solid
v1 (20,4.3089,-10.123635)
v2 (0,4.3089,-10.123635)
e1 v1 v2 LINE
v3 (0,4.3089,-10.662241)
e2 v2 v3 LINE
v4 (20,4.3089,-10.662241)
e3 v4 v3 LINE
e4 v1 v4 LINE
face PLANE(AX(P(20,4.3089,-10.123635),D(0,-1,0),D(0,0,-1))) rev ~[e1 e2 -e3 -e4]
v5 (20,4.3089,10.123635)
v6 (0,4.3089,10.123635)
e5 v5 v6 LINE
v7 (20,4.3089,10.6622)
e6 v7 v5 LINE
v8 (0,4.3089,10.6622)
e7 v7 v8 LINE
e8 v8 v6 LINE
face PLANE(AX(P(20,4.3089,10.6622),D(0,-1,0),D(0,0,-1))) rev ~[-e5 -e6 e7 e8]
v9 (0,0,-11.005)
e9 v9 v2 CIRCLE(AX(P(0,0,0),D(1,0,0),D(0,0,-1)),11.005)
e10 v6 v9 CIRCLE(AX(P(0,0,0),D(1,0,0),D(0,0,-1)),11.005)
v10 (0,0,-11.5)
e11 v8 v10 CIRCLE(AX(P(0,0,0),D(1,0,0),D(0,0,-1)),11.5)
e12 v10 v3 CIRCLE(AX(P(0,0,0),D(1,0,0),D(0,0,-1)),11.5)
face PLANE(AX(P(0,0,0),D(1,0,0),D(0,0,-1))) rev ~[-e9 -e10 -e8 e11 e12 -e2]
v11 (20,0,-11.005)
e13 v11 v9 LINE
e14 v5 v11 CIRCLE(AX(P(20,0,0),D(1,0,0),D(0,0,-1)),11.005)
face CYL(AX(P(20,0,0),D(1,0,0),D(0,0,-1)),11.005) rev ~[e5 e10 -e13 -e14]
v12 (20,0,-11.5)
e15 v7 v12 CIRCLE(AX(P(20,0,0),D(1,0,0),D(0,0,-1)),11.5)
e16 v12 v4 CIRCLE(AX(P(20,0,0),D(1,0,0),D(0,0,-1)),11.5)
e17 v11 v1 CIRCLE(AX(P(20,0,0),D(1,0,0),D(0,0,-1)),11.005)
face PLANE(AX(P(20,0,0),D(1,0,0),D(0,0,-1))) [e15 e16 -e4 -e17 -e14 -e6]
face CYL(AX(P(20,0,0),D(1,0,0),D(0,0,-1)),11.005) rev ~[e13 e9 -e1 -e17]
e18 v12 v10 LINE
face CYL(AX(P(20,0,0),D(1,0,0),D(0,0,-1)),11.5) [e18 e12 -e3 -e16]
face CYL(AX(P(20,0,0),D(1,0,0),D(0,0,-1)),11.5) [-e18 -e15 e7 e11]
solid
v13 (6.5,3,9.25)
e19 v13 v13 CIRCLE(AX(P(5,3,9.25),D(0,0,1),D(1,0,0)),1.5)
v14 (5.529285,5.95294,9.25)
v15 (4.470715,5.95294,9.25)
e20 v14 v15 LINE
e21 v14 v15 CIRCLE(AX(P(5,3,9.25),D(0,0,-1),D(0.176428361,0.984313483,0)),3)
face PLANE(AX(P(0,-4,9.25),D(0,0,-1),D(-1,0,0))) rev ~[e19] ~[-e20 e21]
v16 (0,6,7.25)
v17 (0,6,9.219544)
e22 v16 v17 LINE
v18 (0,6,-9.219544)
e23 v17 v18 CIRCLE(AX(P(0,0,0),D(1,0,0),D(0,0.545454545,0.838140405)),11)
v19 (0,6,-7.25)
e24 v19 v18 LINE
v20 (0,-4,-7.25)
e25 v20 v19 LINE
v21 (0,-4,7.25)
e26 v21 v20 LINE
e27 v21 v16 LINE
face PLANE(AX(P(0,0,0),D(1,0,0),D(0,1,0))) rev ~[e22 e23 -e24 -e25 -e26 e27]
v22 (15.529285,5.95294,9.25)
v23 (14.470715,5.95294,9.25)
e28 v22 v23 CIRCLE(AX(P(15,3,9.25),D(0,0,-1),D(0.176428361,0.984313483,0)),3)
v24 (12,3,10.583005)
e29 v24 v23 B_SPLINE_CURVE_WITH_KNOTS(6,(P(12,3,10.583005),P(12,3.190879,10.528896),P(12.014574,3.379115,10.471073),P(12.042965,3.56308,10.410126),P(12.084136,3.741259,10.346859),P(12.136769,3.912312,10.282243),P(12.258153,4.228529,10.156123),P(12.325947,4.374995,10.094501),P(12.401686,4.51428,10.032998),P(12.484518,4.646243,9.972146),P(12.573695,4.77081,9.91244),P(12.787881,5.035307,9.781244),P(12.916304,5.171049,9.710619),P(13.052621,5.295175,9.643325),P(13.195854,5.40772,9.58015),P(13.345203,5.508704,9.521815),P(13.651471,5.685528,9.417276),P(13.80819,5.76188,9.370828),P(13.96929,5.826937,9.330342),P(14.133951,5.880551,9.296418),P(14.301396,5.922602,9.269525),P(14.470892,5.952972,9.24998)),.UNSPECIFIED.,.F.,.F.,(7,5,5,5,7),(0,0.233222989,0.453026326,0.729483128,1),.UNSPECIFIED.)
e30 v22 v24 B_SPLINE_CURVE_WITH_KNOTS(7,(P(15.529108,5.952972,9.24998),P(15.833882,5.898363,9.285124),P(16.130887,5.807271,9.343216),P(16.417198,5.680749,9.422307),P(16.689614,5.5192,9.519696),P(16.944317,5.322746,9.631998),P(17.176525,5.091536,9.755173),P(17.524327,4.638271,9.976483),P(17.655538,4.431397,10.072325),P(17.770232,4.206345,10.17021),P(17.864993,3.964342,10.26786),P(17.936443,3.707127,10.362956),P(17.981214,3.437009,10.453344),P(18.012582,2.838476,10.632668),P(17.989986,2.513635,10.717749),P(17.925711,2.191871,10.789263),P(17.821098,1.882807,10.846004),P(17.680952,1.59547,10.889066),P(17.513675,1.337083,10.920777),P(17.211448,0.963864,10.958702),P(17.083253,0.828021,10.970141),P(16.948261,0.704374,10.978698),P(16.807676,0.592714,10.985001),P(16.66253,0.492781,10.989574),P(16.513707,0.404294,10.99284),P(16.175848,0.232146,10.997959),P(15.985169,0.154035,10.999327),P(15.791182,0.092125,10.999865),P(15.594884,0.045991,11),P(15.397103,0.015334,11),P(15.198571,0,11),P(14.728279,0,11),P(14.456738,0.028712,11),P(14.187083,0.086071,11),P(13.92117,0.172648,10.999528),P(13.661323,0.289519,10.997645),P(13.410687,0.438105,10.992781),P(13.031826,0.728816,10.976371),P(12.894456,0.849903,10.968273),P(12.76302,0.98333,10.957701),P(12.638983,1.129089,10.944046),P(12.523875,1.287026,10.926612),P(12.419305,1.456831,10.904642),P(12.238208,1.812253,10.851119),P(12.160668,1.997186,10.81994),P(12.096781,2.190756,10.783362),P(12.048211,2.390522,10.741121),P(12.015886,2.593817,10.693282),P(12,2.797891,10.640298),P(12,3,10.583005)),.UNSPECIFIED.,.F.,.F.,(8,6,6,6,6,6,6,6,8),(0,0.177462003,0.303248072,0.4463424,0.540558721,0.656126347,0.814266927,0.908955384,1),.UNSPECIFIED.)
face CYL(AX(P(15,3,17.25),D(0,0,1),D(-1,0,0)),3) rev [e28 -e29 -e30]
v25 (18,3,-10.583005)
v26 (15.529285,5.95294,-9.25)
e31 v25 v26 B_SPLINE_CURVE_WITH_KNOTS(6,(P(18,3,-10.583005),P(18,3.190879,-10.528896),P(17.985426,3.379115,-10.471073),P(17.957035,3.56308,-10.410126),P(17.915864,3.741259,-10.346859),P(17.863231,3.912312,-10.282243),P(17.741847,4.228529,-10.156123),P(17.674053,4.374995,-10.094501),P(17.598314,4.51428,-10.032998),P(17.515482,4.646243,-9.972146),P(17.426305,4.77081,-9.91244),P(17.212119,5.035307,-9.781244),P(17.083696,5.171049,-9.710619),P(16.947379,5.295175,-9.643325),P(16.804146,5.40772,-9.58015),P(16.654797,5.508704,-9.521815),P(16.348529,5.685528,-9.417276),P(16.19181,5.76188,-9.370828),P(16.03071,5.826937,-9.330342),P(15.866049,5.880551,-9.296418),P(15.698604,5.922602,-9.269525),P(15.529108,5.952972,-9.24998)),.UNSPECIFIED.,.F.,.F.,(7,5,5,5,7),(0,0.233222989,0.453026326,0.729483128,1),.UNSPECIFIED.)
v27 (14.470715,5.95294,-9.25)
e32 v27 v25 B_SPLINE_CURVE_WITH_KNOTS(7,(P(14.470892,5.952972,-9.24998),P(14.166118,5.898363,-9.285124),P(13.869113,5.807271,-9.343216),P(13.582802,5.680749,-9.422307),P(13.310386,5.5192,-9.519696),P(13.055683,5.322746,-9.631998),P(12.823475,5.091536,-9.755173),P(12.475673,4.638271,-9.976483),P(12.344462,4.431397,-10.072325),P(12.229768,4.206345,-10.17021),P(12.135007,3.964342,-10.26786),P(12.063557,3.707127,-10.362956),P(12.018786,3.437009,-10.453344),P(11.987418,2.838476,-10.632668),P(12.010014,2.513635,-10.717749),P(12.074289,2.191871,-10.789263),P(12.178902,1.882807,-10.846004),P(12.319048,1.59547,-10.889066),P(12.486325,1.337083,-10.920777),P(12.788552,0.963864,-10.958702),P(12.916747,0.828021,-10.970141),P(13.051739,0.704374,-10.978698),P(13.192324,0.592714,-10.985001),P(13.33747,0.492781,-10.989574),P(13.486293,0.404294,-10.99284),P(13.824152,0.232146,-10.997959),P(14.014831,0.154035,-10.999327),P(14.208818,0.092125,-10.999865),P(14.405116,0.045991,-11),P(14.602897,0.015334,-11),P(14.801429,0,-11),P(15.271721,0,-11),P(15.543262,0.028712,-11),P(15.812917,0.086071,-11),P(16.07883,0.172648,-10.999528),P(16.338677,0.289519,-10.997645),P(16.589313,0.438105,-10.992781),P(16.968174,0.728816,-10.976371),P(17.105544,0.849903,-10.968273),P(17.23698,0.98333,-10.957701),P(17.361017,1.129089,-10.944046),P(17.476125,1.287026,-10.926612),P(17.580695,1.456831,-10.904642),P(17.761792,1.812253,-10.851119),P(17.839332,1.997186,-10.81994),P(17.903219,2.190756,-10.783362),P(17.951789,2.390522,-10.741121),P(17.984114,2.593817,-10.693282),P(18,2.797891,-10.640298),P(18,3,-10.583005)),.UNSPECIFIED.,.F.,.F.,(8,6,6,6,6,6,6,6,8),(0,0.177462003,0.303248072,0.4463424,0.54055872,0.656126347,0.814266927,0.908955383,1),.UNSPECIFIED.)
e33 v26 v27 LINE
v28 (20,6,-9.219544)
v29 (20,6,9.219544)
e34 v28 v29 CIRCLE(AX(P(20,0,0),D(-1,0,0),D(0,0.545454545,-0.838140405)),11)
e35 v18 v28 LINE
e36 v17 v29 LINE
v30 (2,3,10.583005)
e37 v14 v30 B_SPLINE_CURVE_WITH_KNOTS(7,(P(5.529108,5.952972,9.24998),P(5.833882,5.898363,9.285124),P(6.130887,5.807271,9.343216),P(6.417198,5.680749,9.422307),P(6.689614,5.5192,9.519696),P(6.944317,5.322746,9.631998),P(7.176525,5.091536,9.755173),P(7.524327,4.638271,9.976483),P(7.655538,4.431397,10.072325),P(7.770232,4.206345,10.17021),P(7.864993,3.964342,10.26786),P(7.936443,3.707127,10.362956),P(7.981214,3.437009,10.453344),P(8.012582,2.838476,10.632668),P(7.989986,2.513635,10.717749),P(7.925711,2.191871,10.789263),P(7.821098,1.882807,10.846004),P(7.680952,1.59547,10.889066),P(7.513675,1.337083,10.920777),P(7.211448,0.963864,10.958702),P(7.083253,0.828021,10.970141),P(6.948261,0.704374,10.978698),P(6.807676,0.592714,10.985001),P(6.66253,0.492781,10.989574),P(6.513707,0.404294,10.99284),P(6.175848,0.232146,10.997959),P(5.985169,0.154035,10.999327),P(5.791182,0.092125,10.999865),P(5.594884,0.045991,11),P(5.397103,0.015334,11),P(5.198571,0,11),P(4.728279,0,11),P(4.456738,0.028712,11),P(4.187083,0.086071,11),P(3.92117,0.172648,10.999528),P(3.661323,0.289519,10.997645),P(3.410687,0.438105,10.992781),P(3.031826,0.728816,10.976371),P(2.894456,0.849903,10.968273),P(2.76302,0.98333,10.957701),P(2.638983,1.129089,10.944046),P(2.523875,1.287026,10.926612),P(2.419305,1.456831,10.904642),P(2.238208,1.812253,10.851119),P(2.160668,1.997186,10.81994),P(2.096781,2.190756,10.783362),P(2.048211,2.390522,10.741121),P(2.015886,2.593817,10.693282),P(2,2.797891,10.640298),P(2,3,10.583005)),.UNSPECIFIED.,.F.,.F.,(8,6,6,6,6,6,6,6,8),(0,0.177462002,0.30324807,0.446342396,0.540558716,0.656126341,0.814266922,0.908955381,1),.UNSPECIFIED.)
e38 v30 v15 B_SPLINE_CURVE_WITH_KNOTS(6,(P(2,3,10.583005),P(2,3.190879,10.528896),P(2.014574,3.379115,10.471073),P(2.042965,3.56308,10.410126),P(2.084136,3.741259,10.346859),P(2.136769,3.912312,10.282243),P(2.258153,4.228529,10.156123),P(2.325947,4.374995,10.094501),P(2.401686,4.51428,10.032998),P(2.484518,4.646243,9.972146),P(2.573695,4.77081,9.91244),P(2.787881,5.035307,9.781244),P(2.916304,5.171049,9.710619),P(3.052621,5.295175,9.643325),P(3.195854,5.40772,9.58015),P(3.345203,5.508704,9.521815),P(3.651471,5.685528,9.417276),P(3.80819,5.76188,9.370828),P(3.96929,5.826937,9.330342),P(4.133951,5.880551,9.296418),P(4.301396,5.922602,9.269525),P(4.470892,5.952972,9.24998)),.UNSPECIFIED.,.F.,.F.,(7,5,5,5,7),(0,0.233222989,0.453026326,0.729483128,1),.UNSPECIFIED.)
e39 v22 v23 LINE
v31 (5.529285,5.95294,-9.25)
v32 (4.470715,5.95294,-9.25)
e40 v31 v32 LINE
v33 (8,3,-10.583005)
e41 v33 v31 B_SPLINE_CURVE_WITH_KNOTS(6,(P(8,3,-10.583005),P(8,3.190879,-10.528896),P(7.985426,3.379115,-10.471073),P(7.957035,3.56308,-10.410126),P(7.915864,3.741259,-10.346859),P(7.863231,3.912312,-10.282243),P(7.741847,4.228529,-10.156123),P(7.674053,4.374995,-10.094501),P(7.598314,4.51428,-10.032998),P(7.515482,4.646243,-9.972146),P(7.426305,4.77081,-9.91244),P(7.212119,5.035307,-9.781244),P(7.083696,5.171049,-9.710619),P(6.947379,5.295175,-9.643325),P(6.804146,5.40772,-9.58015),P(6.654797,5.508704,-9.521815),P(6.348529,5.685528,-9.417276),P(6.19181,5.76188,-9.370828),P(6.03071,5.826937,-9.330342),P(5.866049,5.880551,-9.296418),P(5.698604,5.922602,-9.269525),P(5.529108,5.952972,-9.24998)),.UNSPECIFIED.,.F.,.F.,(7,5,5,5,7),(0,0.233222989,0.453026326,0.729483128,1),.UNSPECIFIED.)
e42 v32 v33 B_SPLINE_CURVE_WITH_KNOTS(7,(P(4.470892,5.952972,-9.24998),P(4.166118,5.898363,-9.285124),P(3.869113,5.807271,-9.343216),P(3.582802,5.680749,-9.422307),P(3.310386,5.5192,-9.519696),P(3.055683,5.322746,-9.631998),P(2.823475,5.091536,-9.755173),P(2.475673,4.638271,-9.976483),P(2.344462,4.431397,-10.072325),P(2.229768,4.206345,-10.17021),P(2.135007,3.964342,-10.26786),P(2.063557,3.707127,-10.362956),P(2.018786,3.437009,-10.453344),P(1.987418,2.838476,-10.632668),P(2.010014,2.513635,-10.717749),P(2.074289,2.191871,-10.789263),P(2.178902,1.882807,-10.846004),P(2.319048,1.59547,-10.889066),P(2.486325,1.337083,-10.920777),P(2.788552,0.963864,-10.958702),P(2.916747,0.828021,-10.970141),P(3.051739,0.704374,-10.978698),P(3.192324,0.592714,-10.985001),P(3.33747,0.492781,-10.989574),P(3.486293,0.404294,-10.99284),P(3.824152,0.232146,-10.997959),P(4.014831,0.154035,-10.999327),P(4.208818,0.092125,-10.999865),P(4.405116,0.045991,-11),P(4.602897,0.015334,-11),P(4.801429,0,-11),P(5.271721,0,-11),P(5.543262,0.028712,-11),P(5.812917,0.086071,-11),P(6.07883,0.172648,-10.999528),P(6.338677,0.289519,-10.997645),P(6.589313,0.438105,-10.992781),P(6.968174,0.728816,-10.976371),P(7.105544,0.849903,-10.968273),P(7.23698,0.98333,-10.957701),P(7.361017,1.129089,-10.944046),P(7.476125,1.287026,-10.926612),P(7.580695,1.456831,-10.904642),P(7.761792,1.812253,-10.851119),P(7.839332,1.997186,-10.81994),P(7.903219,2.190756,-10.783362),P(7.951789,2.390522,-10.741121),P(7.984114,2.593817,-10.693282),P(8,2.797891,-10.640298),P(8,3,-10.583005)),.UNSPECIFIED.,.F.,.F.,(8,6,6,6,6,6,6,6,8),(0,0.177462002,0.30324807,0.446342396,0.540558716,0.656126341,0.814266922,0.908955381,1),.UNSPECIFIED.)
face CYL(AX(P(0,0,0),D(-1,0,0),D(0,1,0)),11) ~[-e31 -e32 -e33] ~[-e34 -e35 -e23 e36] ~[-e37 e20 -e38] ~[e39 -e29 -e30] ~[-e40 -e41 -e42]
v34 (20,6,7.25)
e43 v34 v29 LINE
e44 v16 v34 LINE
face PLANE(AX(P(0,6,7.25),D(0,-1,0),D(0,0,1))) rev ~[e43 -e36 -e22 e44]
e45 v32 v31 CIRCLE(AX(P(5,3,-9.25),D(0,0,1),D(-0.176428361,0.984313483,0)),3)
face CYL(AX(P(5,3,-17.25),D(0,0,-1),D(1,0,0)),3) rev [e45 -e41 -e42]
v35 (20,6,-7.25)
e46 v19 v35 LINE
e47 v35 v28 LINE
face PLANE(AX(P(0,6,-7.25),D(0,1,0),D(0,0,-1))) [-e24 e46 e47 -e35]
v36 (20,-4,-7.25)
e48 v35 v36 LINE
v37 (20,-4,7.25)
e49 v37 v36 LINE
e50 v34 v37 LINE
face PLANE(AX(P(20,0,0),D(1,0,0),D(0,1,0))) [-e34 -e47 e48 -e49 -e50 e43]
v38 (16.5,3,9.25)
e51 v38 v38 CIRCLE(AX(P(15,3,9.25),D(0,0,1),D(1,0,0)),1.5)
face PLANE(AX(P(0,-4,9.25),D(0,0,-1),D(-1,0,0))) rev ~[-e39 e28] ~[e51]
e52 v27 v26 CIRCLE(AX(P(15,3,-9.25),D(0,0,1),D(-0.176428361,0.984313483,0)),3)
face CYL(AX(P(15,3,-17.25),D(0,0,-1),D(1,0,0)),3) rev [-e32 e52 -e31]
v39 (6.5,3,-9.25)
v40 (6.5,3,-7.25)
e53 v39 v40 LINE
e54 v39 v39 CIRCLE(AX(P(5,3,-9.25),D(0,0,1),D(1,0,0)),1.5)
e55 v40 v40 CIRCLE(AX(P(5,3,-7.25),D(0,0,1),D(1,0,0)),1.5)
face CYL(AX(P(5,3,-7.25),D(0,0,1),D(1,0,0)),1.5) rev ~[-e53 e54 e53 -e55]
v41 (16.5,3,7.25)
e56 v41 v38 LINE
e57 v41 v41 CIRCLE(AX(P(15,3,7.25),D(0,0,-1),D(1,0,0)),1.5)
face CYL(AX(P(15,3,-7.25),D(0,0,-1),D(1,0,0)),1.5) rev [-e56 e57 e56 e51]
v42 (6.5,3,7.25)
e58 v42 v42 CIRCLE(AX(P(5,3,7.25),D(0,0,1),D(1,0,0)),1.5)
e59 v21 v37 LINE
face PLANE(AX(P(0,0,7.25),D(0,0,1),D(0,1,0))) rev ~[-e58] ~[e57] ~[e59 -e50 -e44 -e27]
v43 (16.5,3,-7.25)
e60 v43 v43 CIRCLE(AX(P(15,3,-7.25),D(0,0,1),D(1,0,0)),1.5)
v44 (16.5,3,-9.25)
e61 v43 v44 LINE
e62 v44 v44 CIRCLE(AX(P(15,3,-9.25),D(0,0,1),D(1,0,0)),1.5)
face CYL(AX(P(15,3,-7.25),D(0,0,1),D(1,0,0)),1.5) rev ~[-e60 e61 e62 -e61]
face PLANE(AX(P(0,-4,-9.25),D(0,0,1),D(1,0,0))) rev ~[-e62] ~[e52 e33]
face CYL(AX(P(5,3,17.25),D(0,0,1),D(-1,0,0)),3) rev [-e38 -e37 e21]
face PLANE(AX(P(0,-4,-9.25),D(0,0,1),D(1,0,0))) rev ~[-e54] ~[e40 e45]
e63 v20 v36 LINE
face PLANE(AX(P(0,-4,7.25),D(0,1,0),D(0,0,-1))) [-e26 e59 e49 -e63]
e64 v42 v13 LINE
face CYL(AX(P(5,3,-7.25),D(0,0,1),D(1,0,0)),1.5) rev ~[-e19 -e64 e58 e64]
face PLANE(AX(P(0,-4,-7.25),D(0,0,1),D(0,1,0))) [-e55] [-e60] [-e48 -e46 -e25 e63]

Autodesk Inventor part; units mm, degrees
ref_plane "YZ Plane" through (0, 0, 0) normal (1, 0, 0) x (0, 1, 0)
sketch "Sketch1" plane through (0, 0, 0) normal (1, 0, 0) x (0, 1, 0)
  circle A0 centre (0, 0) radius 11
  line L0 (0, 0) -> (0, -7.25)
  line L1 (0, 0) -> (0, 7.25)
  line L2 (0, 7.25) -> (6, 7.25)
  line L3 (6, 7.25) -> (6, 10)
  line L4 (6, 10) -> (0, 10)
  line L5 (0, 10) -> (0, 7.25)
  line L6 (0, -7.25) -> (6, -7.25)
  line L7 (6, -7.25) -> (6, -10)
  line L8 (6, -10) -> (0, -10)
  line L9 (0, -10) -> (0, -7.25)
  line L10 (0, 7.25) -> (-4, 7.25)
  line L11 (-4, 7.25) -> (-4, -7.25)
  line L12 (-4, -7.25) -> (0, -7.25)
  line L13 (0, -7.25) -> (0, 7.25)
  point P0 (6, 9.2195)
  point P1 (6, -9.2195)
  dimension "d0" = 22
  dimension "d1" = 7.25
  dimension "d2" = 7.25
  dimension "d3" = 6
  dimension "d4" = 4
extrude "Extrusion1" add sketch "Sketch1" along normal blind 20 contours L3 L2 L5 L4 A0 | A0 L8 L9 L6 L7 | L4 L5 L10 L11 L12 L9 L8 A0
sketch "Sketch2" plane through (0, -4, -7.25) normal (0, 0, 1) x (1, 0, 0)
  line L0 (0, 10) -> (20, 10) projected
  line L1 (0, 10) -> (5, 10)
  line L2 (5, 10) -> (5, 7)
  line L3 (5, 7) -> (0, 7)
  line L4 (0, 7) -> (0, 10)
  line L5 (20, 10) -> (15, 10)
  line L6 (15, 10) -> (15, 7)
  line L7 (15, 7) -> (20, 7)
  line L8 (20, 7) -> (20, 10)
  circle A0 centre (15, 7) radius 1.5
  circle A1 centre (5, 7) radius 1.5
  point P0 (0, 4)
  dimension "d7" = 5
  dimension "d8" = 3
  dimension "d9" = 5
  dimension "d10" = 3
  dimension "d11" = 3
  dimension "d12" = 3
extrude "Extrusion2" cut sketch "Sketch2" along normal mid plane 50 contours A1 L3 L2 | L2 L3 A1 | A0 L7 L6 | L6 L7 A0
ref_plane "Work Plane1" through (0, -4, -17.25) normal (0, 0, 1) x (1, 0, 0)
sketch "Sketch3" plane through (0, -4, -17.25) normal (0, 0, 1) x (1, 0, 0)
  circle A0 centre (15, 7) radius 1.5 projected
  circle A1 centre (15, 7) radius 3
  circle A2 centre (5, 7) radius 1.5 projected
  circle A3 centre (5, 7) radius 3
  point P0 (0, 4)
  dimension "d16" = 6
  dimension "d17" = 6
extrude "Extrusion3" cut sketch "Sketch3" along normal blind 8
ref_plane "Work Plane2" through (0, -4, 17.25) normal (0, 0, -1) x (-1, 0, 0)
sketch "Sketch4" plane through (0, -4, 17.25) normal (0, 0, -1) x (-1, 0, 0)
  circle A0 centre (-5, 7) radius 1.5 projected
  circle A1 centre (-5, 7) radius 3
  line L0 (0, 10) -> (-20, 10) projected
  circle A2 centre (-15, 7) radius 1.5 projected
  circle A3 centre (-15, 7) radius 3
  point P0 (0, 4)
  point P1 (-15.0159, 10)
  point P2 (-14.9841, 10)
extrude "Extrusion4" cut sketch "Sketch4" along normal blind 8
sketch "Sketch5" plane through (20, 0, 0) normal (1, 0, 0) x (0, 0, -1)
  arc A0 (-9.2195, 6) -> (9.2195, 6) centre (0, 0) ccw projected
  circle A1 centre (0, 0) radius 11.5
  line L0 (-10.6622, 4.3089) -> (11.0385, 4.3089)
  line L1 (7.25, 1.5) -> (7.25, 4.5) projected
  circle A2 centre (0, 0) radius 11.005
  point P0 (-10.1264, 4.3089)
  point P1 (10.6622, 4.3089)
  point P2 (10.1264, 4.3089)
  dimension "d23" = 23
  dimension "d24" = 22.01
extrude "Extrusion5" add sketch "Sketch5" against normal up to surface (20 mm away) contours A2 L0 A1 picked at (-10.5472, 3.4796)
properties part number "shoe"
